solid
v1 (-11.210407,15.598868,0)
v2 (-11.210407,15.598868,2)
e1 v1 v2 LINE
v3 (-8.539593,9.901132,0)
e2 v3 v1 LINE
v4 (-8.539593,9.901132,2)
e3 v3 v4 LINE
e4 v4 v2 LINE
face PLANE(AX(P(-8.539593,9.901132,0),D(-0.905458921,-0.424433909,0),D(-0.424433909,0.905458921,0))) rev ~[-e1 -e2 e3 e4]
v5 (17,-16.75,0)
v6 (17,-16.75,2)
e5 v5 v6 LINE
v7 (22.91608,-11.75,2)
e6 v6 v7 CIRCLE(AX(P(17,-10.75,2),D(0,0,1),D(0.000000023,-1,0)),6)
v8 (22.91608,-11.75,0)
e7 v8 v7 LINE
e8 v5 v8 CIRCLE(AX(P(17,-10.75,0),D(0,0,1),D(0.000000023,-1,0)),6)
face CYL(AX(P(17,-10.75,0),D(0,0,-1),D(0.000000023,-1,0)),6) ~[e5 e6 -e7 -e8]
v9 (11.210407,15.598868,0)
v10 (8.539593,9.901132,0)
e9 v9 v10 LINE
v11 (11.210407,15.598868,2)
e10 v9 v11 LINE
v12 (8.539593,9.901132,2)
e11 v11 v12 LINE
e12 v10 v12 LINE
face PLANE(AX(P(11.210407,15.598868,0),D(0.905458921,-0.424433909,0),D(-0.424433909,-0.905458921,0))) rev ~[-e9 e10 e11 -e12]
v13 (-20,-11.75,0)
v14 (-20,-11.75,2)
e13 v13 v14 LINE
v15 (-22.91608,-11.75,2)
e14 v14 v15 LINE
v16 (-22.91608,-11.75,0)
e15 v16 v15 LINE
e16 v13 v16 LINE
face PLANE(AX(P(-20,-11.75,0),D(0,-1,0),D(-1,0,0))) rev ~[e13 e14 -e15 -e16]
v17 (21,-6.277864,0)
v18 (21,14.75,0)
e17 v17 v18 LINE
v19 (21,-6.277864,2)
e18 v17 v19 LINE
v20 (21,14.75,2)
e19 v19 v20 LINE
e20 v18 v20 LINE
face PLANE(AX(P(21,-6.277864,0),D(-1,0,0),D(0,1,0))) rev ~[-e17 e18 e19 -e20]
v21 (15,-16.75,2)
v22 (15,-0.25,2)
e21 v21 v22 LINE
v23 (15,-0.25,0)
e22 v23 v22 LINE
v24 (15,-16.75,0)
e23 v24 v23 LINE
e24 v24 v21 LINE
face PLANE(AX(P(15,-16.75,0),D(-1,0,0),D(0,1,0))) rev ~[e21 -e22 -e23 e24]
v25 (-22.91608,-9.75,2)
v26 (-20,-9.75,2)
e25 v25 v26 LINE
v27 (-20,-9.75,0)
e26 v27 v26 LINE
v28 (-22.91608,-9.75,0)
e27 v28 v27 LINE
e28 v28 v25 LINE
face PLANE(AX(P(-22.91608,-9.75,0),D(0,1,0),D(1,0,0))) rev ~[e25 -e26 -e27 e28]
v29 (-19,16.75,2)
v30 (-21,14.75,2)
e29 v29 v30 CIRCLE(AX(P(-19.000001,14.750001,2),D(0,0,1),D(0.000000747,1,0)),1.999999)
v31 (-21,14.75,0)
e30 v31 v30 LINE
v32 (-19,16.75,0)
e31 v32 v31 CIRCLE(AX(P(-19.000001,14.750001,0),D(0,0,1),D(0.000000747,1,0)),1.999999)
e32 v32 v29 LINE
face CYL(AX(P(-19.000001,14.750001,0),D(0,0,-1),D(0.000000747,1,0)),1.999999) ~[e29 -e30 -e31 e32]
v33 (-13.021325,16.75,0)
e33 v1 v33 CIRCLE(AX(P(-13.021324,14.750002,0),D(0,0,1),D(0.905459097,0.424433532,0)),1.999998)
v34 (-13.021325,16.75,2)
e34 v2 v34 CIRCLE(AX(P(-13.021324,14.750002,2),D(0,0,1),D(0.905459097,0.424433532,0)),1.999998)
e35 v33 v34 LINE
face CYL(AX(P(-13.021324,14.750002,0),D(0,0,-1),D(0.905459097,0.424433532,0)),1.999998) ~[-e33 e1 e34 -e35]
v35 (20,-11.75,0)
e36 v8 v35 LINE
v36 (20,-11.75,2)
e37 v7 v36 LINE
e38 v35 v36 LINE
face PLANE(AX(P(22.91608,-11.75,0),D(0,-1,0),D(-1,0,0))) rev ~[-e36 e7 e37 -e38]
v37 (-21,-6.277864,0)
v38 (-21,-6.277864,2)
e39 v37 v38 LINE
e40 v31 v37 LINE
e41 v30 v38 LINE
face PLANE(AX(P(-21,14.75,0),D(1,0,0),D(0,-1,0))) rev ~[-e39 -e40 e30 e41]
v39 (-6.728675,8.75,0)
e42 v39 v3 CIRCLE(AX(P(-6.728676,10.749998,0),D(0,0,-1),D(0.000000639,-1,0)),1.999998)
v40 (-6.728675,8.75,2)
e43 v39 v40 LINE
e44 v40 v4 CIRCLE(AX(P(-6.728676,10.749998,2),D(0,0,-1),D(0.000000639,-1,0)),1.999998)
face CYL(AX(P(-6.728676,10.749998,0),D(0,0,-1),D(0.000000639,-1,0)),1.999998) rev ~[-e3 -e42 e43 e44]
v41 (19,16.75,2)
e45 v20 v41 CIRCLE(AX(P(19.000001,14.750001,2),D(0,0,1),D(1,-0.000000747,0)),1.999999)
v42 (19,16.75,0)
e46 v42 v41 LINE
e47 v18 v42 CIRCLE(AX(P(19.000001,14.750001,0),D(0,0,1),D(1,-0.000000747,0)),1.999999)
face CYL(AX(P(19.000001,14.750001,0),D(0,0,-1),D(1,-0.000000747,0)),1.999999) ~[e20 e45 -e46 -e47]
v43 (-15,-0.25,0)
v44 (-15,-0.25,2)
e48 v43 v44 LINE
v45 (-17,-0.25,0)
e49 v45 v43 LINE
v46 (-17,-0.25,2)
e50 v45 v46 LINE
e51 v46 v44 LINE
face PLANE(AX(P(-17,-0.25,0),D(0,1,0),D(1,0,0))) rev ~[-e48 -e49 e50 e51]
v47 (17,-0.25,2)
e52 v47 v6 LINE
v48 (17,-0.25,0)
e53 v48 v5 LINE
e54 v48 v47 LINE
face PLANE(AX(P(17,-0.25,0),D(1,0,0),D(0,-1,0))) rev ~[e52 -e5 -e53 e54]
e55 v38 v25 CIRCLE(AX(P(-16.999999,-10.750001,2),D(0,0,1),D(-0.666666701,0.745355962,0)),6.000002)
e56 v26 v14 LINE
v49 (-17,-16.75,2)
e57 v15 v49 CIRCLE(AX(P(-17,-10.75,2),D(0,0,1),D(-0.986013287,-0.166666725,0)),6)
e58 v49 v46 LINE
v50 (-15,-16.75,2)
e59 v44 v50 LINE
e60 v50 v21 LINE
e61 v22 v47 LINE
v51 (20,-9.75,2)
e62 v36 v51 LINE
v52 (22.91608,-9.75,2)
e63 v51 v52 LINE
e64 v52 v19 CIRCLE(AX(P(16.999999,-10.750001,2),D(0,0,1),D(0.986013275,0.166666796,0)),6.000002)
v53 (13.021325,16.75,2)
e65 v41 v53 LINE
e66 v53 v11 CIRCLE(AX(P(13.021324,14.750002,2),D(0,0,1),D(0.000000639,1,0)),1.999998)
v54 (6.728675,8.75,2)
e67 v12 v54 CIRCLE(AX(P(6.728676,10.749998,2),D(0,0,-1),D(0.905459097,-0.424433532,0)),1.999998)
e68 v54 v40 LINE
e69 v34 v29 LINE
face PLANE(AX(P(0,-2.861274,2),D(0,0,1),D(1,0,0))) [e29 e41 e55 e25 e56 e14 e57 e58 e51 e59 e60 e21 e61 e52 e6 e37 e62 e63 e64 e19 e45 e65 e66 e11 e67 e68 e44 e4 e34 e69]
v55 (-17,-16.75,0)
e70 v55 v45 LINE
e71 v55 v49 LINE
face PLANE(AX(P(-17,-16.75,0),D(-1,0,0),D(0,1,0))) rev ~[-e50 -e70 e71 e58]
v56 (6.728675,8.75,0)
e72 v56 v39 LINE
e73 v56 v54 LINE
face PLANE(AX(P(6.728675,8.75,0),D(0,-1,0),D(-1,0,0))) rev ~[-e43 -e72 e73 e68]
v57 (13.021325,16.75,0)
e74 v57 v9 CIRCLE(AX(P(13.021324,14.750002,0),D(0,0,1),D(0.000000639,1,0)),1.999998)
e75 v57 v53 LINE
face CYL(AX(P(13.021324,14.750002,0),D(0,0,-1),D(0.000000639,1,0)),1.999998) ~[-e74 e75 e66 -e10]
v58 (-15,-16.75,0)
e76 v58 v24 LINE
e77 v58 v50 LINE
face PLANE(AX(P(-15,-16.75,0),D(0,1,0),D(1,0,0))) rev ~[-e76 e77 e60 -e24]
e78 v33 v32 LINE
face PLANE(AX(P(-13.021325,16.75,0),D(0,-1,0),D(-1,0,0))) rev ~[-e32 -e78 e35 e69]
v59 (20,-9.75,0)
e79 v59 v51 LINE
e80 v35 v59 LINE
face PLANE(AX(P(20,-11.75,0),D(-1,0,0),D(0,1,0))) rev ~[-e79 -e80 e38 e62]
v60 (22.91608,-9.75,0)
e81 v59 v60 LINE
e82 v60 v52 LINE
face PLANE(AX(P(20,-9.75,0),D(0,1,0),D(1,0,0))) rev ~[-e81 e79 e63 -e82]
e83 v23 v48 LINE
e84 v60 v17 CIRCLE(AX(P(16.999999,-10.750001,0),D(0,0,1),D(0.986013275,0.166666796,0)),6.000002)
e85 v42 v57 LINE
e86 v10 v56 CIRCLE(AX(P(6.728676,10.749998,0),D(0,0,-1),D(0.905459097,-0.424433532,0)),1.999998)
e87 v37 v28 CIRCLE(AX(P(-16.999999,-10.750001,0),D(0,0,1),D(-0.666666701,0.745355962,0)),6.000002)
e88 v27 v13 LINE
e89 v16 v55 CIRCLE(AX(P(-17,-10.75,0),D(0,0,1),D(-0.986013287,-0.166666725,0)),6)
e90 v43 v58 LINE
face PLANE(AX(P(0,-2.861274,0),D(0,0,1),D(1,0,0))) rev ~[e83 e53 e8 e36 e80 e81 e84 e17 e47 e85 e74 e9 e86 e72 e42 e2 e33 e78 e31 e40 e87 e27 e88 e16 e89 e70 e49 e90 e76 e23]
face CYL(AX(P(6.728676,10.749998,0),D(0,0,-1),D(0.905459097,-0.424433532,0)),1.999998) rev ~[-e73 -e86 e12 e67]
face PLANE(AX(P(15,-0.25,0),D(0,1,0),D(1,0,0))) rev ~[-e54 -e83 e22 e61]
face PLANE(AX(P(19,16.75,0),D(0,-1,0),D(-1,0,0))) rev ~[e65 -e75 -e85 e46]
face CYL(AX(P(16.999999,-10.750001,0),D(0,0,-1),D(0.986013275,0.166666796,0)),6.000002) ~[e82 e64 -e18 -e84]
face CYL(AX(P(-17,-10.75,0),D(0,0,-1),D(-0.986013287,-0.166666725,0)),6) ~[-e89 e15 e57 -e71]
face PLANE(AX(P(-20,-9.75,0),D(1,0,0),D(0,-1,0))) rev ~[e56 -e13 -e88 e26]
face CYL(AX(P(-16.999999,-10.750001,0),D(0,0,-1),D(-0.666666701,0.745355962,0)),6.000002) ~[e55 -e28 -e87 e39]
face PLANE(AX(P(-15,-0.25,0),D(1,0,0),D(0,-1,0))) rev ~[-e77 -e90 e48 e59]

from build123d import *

# Parameters (mm, degrees)
F1_DEPTH = 2


with BuildPart() as f1:
    # F0 (on Top) → F1 (new body)
    with BuildSketch(Plane.XY):
        with BuildLine():
            Line((-13.021325, 16.75), (-19, 16.75))
            ThreePointArc((-19, 16.75), (-20.414214, 16.164214), (-21, 14.75))
            Line((-21, 14.75), (-21, -6.277864))
            ThreePointArc((-21, -6.277864), (-22.253198, -7.85105), (-22.91608, -9.75))
            Line((-22.91608, -9.75), (-20, -9.75))
            Line((-20, -9.75), (-20, -11.75))
            Line((-20, -11.75), (-22.91608, -11.75))
            ThreePointArc((-22.91608, -11.75), (-20.872983, -15.332576), (-17, -16.75))
            Line((-17, -16.75), (-17, -0.25))
            Line((-17, -0.25), (-15, -0.25))
            Line((-15, -0.25), (-15, -16.75))
            Line((-15, -16.75), (15, -16.75))
            Line((15, -16.75), (15, -0.25))
            Line((15, -0.25), (17, -0.25))
            Line((17, -0.25), (17, -16.75))
            ThreePointArc((17, -16.75), (20.872983, -15.332576), (22.91608, -11.75))
            Line((22.91608, -11.75), (20, -11.75))
            Line((20, -11.75), (20, -9.75))
            Line((20, -9.75), (22.91608, -9.75))
            ThreePointArc((22.91608, -9.75), (22.253198, -7.85105), (21, -6.277864))
            Line((21, -6.277864), (21, 14.75))
            ThreePointArc((21, 14.75), (20.414214, 16.164214), (19, 16.75))
            Line((19, 16.75), (13.021325, 16.75))
            ThreePointArc((13.021325, 16.75), (11.948416, 16.437859), (11.210407, 15.598868))
            Line((11.210407, 15.598868), (8.539593, 9.901132))
            ThreePointArc((8.539593, 9.901132), (7.801584, 9.062141), (6.728675, 8.75))
            Line((6.728675, 8.75), (-6.728675, 8.75))
            ThreePointArc((-6.728675, 8.75), (-7.801584, 9.062141), (-8.539593, 9.901132))
            Line((-8.539593, 9.901132), (-11.210407, 15.598868))
            ThreePointArc((-11.210407, 15.598868), (-11.948416, 16.437859), (-13.021325, 16.75))
        make_face()
    extrude(amount=F1_DEPTH)


solid = f1.part
